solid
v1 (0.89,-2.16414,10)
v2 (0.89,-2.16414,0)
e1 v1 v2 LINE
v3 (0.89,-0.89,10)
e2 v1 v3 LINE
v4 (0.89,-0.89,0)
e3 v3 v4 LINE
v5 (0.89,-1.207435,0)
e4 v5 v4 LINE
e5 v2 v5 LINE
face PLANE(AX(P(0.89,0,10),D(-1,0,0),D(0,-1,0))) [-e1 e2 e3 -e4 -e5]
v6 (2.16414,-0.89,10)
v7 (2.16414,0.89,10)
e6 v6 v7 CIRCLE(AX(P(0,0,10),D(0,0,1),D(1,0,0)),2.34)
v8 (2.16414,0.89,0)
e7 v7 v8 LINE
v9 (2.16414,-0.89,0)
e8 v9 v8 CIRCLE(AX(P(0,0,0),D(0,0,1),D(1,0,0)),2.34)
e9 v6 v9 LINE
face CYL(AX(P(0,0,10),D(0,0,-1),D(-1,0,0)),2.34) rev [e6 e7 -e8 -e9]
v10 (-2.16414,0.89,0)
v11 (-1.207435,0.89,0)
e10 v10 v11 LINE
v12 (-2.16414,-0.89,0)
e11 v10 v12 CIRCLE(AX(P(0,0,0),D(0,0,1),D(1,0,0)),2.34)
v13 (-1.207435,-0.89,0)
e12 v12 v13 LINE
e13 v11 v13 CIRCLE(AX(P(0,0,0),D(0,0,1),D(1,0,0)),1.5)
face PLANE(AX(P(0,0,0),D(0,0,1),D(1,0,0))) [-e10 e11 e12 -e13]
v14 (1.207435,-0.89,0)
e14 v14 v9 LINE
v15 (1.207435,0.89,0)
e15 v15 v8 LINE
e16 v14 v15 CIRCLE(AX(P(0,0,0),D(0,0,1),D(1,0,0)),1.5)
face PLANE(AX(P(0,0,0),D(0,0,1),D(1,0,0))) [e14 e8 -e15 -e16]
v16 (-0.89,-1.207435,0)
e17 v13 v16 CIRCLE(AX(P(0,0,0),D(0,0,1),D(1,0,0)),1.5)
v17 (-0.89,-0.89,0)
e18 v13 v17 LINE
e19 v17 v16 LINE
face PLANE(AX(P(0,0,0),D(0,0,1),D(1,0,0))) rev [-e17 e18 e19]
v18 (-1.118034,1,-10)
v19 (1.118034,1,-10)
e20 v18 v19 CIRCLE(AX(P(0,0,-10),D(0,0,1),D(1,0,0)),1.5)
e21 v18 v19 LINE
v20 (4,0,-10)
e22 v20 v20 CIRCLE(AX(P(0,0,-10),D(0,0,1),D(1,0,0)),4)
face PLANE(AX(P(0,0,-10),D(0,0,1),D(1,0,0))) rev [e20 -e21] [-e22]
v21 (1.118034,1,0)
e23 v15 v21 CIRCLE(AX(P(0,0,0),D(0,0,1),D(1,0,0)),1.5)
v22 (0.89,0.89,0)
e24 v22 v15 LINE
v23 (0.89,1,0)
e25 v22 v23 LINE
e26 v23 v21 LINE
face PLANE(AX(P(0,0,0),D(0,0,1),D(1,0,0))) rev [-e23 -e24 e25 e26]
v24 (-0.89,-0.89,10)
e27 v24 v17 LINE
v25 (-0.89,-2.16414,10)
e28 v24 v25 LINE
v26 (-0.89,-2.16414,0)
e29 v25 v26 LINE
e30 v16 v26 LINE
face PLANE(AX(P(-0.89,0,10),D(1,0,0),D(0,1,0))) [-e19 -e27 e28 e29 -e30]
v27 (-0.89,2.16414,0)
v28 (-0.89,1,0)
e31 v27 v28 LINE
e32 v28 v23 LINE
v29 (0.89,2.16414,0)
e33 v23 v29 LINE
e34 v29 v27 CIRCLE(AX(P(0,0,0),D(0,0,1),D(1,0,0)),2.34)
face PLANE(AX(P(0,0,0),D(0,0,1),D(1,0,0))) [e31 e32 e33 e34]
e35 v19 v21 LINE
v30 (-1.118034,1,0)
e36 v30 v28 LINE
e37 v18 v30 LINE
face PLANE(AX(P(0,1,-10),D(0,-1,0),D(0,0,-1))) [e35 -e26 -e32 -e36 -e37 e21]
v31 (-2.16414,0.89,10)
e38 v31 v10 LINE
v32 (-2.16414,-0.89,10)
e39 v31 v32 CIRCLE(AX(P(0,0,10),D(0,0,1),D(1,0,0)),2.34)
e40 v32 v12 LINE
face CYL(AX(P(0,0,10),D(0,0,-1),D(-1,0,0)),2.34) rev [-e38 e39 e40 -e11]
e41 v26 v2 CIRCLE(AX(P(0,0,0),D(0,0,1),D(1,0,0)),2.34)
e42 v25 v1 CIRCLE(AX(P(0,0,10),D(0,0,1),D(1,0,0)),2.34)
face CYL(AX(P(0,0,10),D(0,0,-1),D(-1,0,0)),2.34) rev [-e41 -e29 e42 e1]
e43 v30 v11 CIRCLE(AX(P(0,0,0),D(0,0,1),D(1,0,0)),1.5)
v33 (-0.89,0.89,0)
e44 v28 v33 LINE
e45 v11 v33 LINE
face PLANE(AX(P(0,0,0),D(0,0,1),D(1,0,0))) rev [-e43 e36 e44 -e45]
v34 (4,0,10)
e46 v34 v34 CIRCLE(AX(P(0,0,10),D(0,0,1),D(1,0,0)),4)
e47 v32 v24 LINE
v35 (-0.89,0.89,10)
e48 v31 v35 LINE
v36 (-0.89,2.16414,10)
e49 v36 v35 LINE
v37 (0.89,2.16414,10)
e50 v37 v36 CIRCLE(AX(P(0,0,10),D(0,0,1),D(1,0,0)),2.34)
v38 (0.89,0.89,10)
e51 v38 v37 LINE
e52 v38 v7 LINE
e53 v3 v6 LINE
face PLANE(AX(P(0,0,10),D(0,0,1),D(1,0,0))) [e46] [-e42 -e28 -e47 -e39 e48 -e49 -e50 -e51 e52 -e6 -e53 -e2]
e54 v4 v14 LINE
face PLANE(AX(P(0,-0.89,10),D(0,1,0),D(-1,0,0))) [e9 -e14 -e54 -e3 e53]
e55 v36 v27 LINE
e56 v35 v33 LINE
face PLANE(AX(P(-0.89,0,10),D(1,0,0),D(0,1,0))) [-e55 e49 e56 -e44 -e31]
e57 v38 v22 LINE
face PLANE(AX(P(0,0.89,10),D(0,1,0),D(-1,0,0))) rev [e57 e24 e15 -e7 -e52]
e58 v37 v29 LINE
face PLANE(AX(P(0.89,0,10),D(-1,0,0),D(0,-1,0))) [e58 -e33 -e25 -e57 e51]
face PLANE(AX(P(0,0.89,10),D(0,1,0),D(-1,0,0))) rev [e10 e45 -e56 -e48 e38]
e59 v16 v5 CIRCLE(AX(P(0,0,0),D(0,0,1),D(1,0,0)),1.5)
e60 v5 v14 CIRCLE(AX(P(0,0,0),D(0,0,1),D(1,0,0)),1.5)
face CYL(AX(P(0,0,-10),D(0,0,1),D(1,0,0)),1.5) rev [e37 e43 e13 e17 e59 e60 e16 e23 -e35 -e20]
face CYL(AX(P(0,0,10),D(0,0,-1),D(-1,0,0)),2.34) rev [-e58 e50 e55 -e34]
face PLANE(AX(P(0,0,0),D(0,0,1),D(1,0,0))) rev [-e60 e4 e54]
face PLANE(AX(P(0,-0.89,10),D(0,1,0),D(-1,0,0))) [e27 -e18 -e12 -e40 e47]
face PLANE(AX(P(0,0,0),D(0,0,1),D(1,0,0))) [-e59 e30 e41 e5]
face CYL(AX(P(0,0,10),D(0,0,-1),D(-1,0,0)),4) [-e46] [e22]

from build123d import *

# Parameters (mm, degrees)
SKETCH1_R           = 4
BOSS_EXTRUDE1_DEPTH = 10
BOSS_EXTRUDE2_START = -10
SKETCH1_3_R         = 4
BOSS_EXTRUDE2_DEPTH = 10


with BuildPart() as part:
    # Sketch1 → Boss-Extrude1 (new body)
    with BuildSketch(Plane.XY):
        Circle(SKETCH1_R)
        with BuildLine():
            ThreePointArc((-0.89, 2.164139552), (0, 2.34), (0.89, 2.164139552))
            Line((0.89, 2.164139552), (0.89, 0.89))
            Line((0.89, 0.89), (2.164139552, 0.89))
            ThreePointArc((2.164139552, 0.89), (2.34, 0), (2.164139552, -0.89))
            Line((2.164139552, -0.89), (0.89, -0.89))
            Line((0.89, -0.89), (0.89, -2.164139552))
            ThreePointArc((0.89, -2.164139552), (0, -2.34), (-0.89, -2.164139552))
            Line((-0.89, -2.164139552), (-0.89, -0.89))
            Line((-0.89, -0.89), (-2.164139552, -0.89))
            ThreePointArc((-2.164139552, -0.89), (-2.34, 0), (-2.164139552, 0.89))
            Line((-2.164139552, 0.89), (-0.89, 0.89))
            Line((-0.89, 0.89), (-0.89, 2.164139552))
        make_face(mode=Mode.SUBTRACT)
    extrude(amount=BOSS_EXTRUDE1_DEPTH)

    # Sketch1<3> → Boss-Extrude2 (add)
    with BuildSketch(Plane.XY.offset(BOSS_EXTRUDE2_START)):
        Circle(SKETCH1_3_R)
        with BuildLine():
            ThreePointArc((1.118033989, 1), (0, -1.5), (-1.118033989, 1))
            Line((-1.118033989, 1), (1.118033989, 1))
        make_face(mode=Mode.SUBTRACT)
    extrude(amount=BOSS_EXTRUDE2_DEPTH)


solid = part.part
